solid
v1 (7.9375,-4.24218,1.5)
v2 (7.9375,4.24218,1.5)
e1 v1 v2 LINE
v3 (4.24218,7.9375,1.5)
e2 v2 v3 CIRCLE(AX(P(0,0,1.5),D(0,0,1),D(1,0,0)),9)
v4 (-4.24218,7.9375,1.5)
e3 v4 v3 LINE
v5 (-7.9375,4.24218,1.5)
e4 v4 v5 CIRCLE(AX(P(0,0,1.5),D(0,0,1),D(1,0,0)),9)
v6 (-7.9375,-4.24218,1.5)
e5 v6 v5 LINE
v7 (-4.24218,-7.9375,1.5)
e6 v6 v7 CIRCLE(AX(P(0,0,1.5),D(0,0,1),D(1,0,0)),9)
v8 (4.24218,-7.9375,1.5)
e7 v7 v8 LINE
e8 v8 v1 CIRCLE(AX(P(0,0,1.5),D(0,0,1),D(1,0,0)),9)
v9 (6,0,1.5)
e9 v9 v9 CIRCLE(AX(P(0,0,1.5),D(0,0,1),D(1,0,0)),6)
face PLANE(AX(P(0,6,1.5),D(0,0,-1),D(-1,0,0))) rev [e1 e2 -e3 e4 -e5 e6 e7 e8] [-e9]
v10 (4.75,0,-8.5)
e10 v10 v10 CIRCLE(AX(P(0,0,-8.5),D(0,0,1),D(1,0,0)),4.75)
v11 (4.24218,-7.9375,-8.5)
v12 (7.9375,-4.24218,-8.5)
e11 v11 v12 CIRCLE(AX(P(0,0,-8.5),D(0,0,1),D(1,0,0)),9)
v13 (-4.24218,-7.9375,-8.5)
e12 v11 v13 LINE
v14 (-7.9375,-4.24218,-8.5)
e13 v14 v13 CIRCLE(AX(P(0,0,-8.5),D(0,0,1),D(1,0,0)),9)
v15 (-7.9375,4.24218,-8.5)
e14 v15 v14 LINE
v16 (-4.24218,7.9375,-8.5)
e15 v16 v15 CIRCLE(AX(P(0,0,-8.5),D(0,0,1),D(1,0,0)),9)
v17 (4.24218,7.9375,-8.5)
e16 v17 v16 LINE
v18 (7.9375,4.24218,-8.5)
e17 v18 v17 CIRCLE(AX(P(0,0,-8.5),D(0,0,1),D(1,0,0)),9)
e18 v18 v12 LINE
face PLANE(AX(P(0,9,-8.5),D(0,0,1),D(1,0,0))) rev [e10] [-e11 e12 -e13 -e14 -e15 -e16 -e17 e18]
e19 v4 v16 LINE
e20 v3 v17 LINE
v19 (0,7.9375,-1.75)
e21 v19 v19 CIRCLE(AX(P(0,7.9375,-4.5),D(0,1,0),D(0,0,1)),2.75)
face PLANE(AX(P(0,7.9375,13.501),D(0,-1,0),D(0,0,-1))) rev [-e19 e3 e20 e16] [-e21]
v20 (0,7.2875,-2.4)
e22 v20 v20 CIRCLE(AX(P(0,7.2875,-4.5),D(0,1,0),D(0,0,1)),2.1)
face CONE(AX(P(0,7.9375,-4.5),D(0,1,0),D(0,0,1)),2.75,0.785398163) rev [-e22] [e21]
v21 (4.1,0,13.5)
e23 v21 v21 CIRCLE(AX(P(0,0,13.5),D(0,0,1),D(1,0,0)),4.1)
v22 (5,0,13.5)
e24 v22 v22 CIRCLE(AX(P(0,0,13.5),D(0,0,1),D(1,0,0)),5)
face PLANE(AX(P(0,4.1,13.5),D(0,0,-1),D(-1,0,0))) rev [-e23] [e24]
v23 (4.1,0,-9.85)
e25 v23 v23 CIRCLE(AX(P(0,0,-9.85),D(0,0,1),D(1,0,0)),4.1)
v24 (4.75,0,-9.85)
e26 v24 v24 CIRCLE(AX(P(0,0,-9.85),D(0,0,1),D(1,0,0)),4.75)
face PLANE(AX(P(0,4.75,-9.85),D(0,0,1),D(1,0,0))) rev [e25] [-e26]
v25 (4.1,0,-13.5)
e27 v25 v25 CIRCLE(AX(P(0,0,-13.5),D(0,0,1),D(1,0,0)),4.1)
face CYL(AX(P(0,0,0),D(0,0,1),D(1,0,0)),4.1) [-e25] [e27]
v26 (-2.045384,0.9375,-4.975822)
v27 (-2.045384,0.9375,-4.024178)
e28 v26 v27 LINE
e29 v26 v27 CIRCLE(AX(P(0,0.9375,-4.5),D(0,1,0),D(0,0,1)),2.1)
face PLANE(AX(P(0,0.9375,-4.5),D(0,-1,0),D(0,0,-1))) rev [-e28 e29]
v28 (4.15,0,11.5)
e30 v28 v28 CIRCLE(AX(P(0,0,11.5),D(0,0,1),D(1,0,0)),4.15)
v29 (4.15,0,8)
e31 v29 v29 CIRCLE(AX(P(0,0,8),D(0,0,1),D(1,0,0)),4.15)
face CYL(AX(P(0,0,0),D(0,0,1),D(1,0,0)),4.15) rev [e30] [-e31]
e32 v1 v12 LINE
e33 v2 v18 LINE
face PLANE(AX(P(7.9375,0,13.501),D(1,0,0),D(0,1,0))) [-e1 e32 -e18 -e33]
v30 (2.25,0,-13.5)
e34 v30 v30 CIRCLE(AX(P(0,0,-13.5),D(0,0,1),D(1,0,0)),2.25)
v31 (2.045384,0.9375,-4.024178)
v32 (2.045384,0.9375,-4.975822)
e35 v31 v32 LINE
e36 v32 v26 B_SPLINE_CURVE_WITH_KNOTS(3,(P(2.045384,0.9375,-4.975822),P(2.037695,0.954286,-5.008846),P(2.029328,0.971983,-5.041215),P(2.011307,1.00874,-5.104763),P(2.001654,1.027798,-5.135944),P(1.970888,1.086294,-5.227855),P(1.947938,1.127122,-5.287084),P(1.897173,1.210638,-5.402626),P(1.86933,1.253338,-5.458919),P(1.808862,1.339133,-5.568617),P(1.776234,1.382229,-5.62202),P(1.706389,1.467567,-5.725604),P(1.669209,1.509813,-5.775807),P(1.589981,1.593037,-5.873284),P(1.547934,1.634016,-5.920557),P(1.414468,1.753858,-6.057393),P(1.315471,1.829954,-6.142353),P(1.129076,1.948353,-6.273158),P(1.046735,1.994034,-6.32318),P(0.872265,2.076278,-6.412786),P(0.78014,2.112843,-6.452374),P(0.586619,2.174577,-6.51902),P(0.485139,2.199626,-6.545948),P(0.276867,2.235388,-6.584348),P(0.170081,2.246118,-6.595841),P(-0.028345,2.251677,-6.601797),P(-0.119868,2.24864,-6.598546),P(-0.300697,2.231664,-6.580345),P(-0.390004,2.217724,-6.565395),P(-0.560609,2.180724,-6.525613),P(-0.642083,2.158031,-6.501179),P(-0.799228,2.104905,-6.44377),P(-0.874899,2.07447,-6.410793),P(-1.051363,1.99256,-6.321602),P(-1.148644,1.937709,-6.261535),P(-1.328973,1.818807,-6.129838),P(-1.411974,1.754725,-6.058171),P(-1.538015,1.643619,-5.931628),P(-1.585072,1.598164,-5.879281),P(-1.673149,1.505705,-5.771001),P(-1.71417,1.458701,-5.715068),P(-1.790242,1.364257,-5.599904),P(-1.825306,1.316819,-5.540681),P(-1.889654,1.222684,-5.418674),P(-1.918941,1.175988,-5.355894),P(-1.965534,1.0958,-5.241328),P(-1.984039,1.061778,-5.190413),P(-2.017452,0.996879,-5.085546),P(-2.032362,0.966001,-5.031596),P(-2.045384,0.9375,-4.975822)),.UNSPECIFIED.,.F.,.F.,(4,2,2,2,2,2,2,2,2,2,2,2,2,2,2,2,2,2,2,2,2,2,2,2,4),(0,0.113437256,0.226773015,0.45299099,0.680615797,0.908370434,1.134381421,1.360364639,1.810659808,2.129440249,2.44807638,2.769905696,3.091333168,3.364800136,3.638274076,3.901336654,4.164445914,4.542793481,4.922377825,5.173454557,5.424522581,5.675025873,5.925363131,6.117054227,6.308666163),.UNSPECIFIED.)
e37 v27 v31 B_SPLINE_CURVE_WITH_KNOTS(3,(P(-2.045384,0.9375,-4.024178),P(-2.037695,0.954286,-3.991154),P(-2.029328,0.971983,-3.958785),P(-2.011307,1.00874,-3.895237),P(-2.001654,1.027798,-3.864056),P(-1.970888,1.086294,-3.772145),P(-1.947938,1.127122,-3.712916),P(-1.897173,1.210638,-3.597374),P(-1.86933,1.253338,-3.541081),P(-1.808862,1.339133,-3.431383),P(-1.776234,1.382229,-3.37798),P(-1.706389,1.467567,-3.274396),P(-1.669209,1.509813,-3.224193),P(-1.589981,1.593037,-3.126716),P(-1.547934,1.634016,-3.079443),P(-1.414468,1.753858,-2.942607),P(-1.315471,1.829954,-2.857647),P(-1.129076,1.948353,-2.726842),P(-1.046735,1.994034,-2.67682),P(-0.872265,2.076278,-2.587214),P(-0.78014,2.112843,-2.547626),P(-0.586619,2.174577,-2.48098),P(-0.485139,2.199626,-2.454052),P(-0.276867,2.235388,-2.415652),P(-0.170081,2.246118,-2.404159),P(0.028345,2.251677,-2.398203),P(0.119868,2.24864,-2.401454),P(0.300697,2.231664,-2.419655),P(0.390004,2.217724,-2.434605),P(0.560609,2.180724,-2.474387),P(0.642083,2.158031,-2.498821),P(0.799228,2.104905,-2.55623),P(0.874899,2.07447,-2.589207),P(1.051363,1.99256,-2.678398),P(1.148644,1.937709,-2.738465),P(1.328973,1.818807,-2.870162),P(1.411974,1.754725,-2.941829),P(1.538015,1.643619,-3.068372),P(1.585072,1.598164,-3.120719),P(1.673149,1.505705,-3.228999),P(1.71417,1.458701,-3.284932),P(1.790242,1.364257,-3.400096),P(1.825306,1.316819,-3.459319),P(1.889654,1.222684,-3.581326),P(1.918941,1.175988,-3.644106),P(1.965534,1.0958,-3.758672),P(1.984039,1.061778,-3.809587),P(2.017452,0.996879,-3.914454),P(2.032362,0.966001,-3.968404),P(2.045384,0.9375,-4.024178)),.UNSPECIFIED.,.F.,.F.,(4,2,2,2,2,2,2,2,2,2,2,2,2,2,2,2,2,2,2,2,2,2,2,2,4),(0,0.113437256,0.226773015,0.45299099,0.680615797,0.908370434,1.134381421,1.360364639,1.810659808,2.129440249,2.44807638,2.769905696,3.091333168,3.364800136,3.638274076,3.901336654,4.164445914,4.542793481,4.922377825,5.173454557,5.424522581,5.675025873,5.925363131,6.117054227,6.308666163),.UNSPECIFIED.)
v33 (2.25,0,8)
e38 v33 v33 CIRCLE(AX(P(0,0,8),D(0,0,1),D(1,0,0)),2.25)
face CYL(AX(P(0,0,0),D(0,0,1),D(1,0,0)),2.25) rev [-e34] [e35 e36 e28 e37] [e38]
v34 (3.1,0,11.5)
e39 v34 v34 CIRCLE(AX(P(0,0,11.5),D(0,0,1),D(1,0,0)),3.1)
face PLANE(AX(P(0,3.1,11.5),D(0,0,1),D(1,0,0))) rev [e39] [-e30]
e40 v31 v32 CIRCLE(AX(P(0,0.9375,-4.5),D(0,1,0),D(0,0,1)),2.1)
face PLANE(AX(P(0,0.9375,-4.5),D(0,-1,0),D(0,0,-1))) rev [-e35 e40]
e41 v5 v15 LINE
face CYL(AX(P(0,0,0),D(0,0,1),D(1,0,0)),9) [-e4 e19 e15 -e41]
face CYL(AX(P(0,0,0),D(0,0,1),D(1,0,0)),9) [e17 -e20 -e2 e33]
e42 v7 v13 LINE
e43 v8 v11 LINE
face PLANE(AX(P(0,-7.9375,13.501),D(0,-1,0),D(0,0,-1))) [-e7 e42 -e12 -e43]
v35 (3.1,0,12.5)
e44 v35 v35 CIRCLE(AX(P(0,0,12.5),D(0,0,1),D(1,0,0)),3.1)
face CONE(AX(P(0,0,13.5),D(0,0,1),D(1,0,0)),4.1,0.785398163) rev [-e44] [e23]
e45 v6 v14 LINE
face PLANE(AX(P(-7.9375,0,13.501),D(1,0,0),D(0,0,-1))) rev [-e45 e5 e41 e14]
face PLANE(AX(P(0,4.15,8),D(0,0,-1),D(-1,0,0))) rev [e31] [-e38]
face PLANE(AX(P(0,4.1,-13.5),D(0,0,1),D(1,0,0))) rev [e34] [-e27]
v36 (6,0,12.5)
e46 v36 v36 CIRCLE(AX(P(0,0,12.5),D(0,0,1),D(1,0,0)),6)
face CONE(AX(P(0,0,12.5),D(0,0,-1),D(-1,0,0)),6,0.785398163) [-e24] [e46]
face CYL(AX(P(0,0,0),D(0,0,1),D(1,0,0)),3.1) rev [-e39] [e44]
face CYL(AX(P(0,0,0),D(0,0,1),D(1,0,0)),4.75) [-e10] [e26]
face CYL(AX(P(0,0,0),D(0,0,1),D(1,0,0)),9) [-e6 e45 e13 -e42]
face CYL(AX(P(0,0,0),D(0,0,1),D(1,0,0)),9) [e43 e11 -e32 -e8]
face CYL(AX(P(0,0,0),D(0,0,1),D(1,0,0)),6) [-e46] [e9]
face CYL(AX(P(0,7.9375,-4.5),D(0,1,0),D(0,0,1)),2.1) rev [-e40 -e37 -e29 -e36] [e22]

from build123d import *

# Parameters (mm, degrees)
CUT_EXTRUDE2_REACH              = 24
M5X0_8_TAPPED_HOLE1_D           = 4.2
M5X0_8_TAPPED_HOLE1_DEPTH       = 7
M5X0_8_TAPPED_HOLE1_CSINK_D     = 5.5
M5X0_8_TAPPED_HOLE1_CSINK_ANGLE = 90


with BuildPart() as part:
    # Sketch1 → Revolve1 (revolve)
    with BuildSketch(Plane(origin=(0, 0, 0), x_dir=(0, 0, -1), z_dir=(1, 0, 0))):
        Polygon((-12.5, 3.1), (-13.5, 4.1), (-13.5, 5), (-12.5, 6), (-1.5, 6), (-1.5, 9), (8.5, 9), (8.5, 4.75), (9.85, 4.75), (9.85, 4.1), (13.5, 4.1), (13.5, 2.25), (-8, 2.25), (-8, 4.15), (-11.5, 4.15), (-11.5, 3.1), align=None)
    revolve(axis=Axis((0, 0, 0), (0, 0, -1)))

    # Sketch2 → Cut-Extrude2 (cut, up to next)
    with BuildSketch(Plane(origin=(0, 0, -8.5), x_dir=(-1, 0, 0), z_dir=(0, 0, -1)), mode=Mode.PRIVATE) as cut_extrude2_sk1:
        with BuildLine():
            ThreePointArc((4.242180306, 7.9375), (0, 9), (-4.242180306, 7.9375))
            Line((-4.242180306, 7.9375), (4.242180306, 7.9375))
        make_face()
    cut_extrude2_tool1 = extrude(cut_extrude2_sk1.sketch, amount=-CUT_EXTRUDE2_REACH, mode=Mode.PRIVATE) & part.part
    add(cut_extrude2_tool1.solids().sort_by_distance((0, 8.364726, -8.5))[0], mode=Mode.SUBTRACT)
    # Sketch2 → Cut-Extrude2 (cut, up to next)
    with BuildSketch(Plane(origin=(0, 0, -8.5), x_dir=(-1, 0, 0), z_dir=(0, 0, -1)), mode=Mode.PRIVATE) as cut_extrude2_sk2:
        with BuildLine():
            Line((-7.9375, -4.242180306), (-7.9375, 4.242180306))
            ThreePointArc((-7.9375, 4.242180306), (-9, 0), (-7.9375, -4.242180306))
        make_face()
    cut_extrude2_tool2 = extrude(cut_extrude2_sk2.sketch, amount=-CUT_EXTRUDE2_REACH, mode=Mode.PRIVATE) & part.part
    add(cut_extrude2_tool2.solids().sort_by_distance((8.364726, 0, -8.5))[0], mode=Mode.SUBTRACT)
    # Sketch2 → Cut-Extrude2 (cut, up to next)
    with BuildSketch(Plane(origin=(0, 0, -8.5), x_dir=(-1, 0, 0), z_dir=(0, 0, -1)), mode=Mode.PRIVATE) as cut_extrude2_sk3:
        with BuildLine():
            Line((4.242180306, -7.9375), (-4.242180306, -7.9375))
            ThreePointArc((-4.242180306, -7.9375), (0, -9), (4.242180306, -7.9375))
        make_face()
    cut_extrude2_tool3 = extrude(cut_extrude2_sk3.sketch, amount=-CUT_EXTRUDE2_REACH, mode=Mode.PRIVATE) & part.part
    add(cut_extrude2_tool3.solids().sort_by_distance((0, -8.364726, -8.5))[0], mode=Mode.SUBTRACT)
    # Sketch2 → Cut-Extrude2 (cut, up to next)
    with BuildSketch(Plane(origin=(0, 0, -8.5), x_dir=(-1, 0, 0), z_dir=(0, 0, -1)), mode=Mode.PRIVATE) as cut_extrude2_sk4:
        with BuildLine():
            ThreePointArc((9, 0), (8.730335045, 2.186606961), (7.9375, 4.242180306))
            Line((7.9375, 4.242180306), (7.9375, -4.242180306))
            ThreePointArc((7.9375, -4.242180306), (8.730335045, -2.186606961), (9, 0))
        make_face()
    cut_extrude2_tool4 = extrude(cut_extrude2_sk4.sketch, amount=-CUT_EXTRUDE2_REACH, mode=Mode.PRIVATE) & part.part
    add(cut_extrude2_tool4.solids().sort_by_distance((-8.364726, 0, -8.5))[0], mode=Mode.SUBTRACT)

    # M5x0.8 Tapped Hole1
    with Locations(Plane(origin=(0, 7.9375, 0), x_dir=(1, 0, 0), z_dir=(0, 1, 0))):
        with Locations((0, 4.5)):
            CounterSinkHole(M5X0_8_TAPPED_HOLE1_D / 2, M5X0_8_TAPPED_HOLE1_CSINK_D / 2, depth=M5X0_8_TAPPED_HOLE1_DEPTH, counter_sink_angle=M5X0_8_TAPPED_HOLE1_CSINK_ANGLE)


solid = part.part
